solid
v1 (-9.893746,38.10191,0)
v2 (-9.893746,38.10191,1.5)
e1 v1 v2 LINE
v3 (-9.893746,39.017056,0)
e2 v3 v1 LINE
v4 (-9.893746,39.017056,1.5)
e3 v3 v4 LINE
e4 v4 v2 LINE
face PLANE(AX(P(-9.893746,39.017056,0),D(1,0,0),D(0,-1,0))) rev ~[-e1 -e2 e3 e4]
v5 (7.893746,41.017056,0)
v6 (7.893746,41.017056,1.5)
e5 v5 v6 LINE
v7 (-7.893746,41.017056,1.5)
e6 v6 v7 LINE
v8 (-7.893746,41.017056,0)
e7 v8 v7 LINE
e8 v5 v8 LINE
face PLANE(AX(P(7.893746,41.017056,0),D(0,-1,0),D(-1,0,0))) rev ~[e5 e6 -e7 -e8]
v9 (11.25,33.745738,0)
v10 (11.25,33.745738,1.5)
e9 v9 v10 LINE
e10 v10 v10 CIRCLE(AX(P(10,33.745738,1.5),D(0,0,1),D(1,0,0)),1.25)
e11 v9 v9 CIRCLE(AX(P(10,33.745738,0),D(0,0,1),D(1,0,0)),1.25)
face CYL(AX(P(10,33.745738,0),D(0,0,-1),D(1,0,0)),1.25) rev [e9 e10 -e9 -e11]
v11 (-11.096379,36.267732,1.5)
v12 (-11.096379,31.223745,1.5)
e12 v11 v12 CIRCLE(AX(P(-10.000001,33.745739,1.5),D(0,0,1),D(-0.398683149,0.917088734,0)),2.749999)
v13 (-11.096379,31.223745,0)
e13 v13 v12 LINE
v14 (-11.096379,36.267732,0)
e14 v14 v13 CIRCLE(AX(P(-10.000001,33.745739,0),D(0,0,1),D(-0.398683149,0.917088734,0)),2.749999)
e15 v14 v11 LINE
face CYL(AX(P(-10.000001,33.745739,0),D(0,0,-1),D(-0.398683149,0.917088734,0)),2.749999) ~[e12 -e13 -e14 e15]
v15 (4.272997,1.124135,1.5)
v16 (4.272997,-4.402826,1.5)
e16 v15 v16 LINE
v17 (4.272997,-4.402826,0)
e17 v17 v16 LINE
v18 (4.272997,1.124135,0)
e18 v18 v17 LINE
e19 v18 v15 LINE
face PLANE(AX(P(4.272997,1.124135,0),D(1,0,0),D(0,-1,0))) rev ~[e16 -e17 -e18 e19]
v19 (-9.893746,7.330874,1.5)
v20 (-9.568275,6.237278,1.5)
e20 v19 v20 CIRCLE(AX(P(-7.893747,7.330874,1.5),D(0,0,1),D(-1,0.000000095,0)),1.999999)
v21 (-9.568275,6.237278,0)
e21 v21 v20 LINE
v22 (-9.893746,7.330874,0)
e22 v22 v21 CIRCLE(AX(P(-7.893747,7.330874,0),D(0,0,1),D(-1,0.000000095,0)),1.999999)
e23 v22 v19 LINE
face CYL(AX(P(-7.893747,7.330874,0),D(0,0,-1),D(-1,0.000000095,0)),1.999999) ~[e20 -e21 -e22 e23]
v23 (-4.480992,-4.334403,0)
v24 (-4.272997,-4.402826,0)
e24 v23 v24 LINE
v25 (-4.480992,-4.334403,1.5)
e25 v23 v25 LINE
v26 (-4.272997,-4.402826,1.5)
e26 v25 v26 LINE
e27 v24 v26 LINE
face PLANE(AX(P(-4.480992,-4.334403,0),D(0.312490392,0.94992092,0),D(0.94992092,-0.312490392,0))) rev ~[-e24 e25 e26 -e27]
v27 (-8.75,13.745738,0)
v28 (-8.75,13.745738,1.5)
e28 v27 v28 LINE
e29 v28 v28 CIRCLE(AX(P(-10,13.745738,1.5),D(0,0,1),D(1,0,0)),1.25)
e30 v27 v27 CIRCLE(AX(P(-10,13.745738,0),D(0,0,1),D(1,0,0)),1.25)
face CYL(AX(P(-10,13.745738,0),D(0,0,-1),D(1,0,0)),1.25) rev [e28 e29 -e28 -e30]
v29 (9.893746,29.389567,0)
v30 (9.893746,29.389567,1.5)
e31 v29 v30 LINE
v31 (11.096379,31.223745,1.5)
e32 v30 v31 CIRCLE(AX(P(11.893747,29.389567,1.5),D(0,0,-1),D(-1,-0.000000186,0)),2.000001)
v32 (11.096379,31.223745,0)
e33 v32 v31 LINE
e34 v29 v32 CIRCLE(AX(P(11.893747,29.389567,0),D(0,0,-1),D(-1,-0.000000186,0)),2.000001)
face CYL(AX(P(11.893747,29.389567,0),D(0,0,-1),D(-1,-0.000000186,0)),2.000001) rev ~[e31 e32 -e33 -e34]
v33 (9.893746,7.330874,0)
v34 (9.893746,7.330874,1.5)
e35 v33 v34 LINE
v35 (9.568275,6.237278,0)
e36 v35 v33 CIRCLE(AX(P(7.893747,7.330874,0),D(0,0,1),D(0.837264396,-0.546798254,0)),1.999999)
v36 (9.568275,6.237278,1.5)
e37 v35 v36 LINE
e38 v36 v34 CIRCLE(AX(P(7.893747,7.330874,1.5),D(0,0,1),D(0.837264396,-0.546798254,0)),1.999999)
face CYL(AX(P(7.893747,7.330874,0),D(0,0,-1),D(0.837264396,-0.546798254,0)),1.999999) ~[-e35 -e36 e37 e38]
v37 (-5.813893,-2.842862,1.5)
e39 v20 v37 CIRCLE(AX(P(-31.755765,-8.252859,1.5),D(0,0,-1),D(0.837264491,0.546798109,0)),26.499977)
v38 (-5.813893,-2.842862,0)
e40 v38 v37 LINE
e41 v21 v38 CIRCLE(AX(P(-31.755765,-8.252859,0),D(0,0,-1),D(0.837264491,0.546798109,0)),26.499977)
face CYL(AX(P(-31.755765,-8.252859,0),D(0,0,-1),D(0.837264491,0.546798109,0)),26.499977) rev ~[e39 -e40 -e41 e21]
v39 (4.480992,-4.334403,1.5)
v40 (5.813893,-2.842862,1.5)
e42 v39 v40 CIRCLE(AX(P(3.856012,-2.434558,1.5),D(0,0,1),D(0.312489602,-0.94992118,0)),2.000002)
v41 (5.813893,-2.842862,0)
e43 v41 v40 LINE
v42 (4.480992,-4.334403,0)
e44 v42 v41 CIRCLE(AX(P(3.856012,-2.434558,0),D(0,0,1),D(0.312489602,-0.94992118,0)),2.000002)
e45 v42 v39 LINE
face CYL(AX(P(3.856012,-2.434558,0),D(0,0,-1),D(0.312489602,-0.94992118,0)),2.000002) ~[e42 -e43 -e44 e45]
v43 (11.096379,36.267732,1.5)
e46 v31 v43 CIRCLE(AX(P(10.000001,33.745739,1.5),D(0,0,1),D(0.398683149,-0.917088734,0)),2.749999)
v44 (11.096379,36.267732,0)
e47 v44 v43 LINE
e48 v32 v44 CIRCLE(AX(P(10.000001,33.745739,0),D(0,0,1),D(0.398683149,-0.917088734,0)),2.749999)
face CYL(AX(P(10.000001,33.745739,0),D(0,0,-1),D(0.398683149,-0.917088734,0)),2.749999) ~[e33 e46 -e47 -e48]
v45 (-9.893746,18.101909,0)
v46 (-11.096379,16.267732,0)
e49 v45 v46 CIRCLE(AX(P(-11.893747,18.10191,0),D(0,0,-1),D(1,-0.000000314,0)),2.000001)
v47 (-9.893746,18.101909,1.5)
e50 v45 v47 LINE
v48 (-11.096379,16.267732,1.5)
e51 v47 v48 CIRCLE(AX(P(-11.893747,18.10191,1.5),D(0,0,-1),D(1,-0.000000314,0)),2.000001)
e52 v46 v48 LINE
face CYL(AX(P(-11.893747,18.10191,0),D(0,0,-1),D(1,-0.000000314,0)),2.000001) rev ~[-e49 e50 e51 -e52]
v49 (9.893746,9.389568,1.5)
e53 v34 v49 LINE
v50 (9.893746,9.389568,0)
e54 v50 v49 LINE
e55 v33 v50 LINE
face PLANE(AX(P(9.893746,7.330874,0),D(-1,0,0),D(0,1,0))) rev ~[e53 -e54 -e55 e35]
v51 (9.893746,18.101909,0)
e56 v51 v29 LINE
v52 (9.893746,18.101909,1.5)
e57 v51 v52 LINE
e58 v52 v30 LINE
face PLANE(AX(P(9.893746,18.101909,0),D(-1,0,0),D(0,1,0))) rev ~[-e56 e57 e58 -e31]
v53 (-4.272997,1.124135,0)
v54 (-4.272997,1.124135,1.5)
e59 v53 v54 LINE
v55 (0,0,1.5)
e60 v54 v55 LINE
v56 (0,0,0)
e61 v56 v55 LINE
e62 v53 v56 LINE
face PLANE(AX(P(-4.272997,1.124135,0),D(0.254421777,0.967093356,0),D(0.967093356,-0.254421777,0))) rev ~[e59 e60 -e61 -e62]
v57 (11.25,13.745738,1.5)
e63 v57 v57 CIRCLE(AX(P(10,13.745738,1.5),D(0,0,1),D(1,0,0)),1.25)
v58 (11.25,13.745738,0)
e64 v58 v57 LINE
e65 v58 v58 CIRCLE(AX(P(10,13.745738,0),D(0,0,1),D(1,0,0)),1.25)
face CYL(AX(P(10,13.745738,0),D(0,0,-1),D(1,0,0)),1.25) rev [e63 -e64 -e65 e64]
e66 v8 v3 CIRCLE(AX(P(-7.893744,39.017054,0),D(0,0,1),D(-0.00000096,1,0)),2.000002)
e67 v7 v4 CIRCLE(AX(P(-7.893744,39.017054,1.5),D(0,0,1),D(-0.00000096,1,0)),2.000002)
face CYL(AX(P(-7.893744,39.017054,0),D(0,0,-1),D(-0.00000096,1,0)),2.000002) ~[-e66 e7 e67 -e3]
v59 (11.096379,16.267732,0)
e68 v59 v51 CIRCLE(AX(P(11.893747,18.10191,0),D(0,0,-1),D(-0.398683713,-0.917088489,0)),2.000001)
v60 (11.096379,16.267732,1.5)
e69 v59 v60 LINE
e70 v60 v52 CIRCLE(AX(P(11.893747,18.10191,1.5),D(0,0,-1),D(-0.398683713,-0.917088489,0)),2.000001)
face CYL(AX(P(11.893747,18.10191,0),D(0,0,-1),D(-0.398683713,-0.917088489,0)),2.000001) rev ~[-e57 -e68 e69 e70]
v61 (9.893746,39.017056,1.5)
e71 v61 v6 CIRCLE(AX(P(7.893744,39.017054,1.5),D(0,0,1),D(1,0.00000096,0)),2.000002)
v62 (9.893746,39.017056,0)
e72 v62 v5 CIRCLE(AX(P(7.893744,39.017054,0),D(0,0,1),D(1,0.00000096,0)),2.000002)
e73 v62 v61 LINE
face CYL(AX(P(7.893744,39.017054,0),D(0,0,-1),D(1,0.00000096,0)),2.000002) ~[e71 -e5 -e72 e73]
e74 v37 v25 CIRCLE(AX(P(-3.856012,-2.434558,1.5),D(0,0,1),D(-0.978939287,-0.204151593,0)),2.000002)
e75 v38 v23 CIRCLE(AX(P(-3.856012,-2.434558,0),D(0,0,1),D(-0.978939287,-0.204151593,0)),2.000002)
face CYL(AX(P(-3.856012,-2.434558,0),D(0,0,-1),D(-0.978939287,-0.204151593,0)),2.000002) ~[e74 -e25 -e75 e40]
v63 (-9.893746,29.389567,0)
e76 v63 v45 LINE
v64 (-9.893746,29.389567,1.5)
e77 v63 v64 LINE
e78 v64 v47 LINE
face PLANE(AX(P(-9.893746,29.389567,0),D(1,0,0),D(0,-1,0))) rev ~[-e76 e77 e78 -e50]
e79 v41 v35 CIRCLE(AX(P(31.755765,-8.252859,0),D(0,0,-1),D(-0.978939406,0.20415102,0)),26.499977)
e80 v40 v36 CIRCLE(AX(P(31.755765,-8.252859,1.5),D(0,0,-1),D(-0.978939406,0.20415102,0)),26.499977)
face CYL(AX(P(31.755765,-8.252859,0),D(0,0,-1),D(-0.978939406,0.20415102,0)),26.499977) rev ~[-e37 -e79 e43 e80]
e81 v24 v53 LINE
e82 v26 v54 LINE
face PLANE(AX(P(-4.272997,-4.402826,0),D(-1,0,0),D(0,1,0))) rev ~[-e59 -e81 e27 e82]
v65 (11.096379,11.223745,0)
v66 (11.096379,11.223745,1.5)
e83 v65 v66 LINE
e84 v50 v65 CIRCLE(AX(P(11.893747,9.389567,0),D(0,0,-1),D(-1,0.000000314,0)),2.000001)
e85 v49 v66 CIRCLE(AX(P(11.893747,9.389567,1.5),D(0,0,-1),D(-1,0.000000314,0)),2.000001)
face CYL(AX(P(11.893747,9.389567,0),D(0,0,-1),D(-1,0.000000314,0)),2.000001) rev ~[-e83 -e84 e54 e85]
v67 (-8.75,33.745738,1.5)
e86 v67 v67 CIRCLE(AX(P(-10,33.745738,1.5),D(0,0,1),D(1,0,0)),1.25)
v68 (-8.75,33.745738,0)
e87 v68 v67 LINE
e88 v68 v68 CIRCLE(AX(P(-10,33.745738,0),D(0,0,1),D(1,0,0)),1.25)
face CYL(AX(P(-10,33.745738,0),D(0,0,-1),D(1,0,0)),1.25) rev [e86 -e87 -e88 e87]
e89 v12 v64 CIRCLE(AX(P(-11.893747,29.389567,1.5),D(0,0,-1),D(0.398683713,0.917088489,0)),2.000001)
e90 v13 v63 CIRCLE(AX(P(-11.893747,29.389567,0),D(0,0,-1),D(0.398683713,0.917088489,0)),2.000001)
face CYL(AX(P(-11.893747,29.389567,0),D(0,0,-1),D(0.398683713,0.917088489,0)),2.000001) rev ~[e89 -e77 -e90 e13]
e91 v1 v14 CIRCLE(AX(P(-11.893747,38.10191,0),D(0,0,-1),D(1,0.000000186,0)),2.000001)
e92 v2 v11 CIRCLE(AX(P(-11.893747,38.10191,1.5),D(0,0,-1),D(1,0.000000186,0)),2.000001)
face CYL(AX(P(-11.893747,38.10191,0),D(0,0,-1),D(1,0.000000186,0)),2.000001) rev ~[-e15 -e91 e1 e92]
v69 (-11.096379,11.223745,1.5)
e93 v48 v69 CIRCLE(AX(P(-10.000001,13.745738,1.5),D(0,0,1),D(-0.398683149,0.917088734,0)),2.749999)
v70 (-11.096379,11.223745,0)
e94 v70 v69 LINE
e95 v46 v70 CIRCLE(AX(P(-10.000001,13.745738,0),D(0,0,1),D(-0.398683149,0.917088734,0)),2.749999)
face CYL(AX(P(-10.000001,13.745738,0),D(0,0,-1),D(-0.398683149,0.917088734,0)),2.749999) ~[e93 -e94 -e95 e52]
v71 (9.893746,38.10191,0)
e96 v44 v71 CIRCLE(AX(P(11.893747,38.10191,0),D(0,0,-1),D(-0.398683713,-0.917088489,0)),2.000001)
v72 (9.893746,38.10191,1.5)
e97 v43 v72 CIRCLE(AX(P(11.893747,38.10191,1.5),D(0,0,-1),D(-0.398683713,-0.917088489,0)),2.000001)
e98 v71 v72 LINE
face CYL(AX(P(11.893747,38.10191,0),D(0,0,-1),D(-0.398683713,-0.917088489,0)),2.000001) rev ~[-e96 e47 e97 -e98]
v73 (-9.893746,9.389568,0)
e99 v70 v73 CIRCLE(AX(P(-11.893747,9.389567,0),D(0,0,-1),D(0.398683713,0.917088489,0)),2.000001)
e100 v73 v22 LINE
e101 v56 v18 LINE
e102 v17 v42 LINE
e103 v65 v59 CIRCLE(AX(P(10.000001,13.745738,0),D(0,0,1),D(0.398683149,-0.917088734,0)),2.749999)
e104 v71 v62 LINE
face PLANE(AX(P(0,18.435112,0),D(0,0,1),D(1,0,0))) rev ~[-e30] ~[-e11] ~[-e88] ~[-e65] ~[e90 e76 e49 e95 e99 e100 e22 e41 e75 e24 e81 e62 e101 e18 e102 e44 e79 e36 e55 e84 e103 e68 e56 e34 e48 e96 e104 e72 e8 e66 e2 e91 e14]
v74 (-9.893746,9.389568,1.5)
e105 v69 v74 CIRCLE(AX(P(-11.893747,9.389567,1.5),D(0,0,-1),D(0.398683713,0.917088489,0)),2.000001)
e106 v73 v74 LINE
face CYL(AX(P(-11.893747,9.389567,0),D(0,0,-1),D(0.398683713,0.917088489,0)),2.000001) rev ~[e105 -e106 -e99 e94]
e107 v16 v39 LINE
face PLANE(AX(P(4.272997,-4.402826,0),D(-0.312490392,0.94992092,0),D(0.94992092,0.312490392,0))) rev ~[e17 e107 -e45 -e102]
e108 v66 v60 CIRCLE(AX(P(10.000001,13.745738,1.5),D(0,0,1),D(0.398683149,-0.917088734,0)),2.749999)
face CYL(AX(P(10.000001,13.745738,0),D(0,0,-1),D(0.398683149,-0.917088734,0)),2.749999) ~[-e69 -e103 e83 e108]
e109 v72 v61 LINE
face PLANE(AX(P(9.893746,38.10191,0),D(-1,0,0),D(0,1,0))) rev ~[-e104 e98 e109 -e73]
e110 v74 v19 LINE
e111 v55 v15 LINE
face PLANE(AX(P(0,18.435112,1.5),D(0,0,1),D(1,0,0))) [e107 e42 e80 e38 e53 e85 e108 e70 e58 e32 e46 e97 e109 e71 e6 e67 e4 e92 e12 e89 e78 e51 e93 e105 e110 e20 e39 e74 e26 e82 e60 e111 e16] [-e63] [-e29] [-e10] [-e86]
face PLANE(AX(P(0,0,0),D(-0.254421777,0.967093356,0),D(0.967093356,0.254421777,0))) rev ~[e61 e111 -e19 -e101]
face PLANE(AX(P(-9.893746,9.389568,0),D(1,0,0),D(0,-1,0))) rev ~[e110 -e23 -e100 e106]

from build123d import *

# Parameters (mm, degrees)
F0_R     = 1.25
F1_DEPTH = 1.5


with BuildPart() as f1:
    # F0 (on Top) → F1 (new body)
    with BuildSketch(Plane.XY):
        with BuildLine():
            ThreePointArc((4.480992, -4.334403), (5.347309, -3.767241), (5.813893, -2.842862))
            ThreePointArc((5.813893, -2.842862), (7.266561, 1.872736), (9.568275, 6.237278))
            ThreePointArc((9.568275, 6.237278), (9.810652, 6.760373), (9.893746, 7.330874))
            Line((9.893746, 7.330874), (9.893746, 9.389568))
            ThreePointArc((9.893746, 9.389568), (10.221213, 10.486214), (11.096379, 11.223745))
            ThreePointArc((11.096379, 11.223745), (12.75, 13.745738), (11.096379, 16.267732))
            ThreePointArc((11.096379, 16.267732), (10.221213, 17.005263), (9.893746, 18.101909))
            Line((9.893746, 18.101909), (9.893746, 29.389567))
            ThreePointArc((9.893746, 29.389567), (10.221213, 30.486214), (11.096379, 31.223745))
            ThreePointArc((11.096379, 31.223745), (12.75, 33.745738), (11.096379, 36.267732))
            ThreePointArc((11.096379, 36.267732), (10.221213, 37.005263), (9.893746, 38.10191))
            Line((9.893746, 38.10191), (9.893746, 39.017056))
            ThreePointArc((9.893746, 39.017056), (9.307959, 40.431269), (7.893746, 41.017056))
            Line((7.893746, 41.017056), (-7.893746, 41.017056))
            ThreePointArc((-7.893746, 41.017056), (-9.307959, 40.431269), (-9.893746, 39.017056))
            Line((-9.893746, 39.017056), (-9.893746, 38.10191))
            ThreePointArc((-9.893746, 38.10191), (-10.221213, 37.005263), (-11.096379, 36.267732))
            ThreePointArc((-11.096379, 36.267732), (-12.75, 33.745738), (-11.096379, 31.223745))
            ThreePointArc((-11.096379, 31.223745), (-10.221213, 30.486214), (-9.893746, 29.389567))
            Line((-9.893746, 29.389567), (-9.893746, 18.101909))
            ThreePointArc((-9.893746, 18.101909), (-10.221213, 17.005263), (-11.096379, 16.267732))
            ThreePointArc((-11.096379, 16.267732), (-12.75, 13.745738), (-11.096379, 11.223745))
            ThreePointArc((-11.096379, 11.223745), (-10.221213, 10.486214), (-9.893746, 9.389568))
            Line((-9.893746, 9.389568), (-9.893746, 7.330874))
            ThreePointArc((-9.893746, 7.330874), (-9.810652, 6.760373), (-9.568275, 6.237278))
            ThreePointArc((-9.568275, 6.237278), (-7.266561, 1.872736), (-5.813893, -2.842862))
            ThreePointArc((-5.813893, -2.842862), (-5.347309, -3.767241), (-4.480992, -4.334403))
            Line((-4.480992, -4.334403), (-4.272997, -4.402826))
            Line((-4.272997, -4.402826), (-4.272997, 1.124135))
            Line((-4.272997, 1.124135), (0, 0))
            Line((0, 0), (4.272997, 1.124135))
            Line((4.272997, 1.124135), (4.272997, -4.402826))
            Line((4.272997, -4.402826), (4.480992, -4.334403))
        make_face()
        with Locations((-10, 13.745738)):
            Circle(F0_R, mode=Mode.SUBTRACT)
        with Locations((10, 13.745738)):
            Circle(F0_R, mode=Mode.SUBTRACT)
        with Locations((-10, 33.745738)):
            Circle(F0_R, mode=Mode.SUBTRACT)
        with Locations((10, 33.745738)):
            Circle(F0_R, mode=Mode.SUBTRACT)
    extrude(amount=F1_DEPTH)


solid = f1.part
